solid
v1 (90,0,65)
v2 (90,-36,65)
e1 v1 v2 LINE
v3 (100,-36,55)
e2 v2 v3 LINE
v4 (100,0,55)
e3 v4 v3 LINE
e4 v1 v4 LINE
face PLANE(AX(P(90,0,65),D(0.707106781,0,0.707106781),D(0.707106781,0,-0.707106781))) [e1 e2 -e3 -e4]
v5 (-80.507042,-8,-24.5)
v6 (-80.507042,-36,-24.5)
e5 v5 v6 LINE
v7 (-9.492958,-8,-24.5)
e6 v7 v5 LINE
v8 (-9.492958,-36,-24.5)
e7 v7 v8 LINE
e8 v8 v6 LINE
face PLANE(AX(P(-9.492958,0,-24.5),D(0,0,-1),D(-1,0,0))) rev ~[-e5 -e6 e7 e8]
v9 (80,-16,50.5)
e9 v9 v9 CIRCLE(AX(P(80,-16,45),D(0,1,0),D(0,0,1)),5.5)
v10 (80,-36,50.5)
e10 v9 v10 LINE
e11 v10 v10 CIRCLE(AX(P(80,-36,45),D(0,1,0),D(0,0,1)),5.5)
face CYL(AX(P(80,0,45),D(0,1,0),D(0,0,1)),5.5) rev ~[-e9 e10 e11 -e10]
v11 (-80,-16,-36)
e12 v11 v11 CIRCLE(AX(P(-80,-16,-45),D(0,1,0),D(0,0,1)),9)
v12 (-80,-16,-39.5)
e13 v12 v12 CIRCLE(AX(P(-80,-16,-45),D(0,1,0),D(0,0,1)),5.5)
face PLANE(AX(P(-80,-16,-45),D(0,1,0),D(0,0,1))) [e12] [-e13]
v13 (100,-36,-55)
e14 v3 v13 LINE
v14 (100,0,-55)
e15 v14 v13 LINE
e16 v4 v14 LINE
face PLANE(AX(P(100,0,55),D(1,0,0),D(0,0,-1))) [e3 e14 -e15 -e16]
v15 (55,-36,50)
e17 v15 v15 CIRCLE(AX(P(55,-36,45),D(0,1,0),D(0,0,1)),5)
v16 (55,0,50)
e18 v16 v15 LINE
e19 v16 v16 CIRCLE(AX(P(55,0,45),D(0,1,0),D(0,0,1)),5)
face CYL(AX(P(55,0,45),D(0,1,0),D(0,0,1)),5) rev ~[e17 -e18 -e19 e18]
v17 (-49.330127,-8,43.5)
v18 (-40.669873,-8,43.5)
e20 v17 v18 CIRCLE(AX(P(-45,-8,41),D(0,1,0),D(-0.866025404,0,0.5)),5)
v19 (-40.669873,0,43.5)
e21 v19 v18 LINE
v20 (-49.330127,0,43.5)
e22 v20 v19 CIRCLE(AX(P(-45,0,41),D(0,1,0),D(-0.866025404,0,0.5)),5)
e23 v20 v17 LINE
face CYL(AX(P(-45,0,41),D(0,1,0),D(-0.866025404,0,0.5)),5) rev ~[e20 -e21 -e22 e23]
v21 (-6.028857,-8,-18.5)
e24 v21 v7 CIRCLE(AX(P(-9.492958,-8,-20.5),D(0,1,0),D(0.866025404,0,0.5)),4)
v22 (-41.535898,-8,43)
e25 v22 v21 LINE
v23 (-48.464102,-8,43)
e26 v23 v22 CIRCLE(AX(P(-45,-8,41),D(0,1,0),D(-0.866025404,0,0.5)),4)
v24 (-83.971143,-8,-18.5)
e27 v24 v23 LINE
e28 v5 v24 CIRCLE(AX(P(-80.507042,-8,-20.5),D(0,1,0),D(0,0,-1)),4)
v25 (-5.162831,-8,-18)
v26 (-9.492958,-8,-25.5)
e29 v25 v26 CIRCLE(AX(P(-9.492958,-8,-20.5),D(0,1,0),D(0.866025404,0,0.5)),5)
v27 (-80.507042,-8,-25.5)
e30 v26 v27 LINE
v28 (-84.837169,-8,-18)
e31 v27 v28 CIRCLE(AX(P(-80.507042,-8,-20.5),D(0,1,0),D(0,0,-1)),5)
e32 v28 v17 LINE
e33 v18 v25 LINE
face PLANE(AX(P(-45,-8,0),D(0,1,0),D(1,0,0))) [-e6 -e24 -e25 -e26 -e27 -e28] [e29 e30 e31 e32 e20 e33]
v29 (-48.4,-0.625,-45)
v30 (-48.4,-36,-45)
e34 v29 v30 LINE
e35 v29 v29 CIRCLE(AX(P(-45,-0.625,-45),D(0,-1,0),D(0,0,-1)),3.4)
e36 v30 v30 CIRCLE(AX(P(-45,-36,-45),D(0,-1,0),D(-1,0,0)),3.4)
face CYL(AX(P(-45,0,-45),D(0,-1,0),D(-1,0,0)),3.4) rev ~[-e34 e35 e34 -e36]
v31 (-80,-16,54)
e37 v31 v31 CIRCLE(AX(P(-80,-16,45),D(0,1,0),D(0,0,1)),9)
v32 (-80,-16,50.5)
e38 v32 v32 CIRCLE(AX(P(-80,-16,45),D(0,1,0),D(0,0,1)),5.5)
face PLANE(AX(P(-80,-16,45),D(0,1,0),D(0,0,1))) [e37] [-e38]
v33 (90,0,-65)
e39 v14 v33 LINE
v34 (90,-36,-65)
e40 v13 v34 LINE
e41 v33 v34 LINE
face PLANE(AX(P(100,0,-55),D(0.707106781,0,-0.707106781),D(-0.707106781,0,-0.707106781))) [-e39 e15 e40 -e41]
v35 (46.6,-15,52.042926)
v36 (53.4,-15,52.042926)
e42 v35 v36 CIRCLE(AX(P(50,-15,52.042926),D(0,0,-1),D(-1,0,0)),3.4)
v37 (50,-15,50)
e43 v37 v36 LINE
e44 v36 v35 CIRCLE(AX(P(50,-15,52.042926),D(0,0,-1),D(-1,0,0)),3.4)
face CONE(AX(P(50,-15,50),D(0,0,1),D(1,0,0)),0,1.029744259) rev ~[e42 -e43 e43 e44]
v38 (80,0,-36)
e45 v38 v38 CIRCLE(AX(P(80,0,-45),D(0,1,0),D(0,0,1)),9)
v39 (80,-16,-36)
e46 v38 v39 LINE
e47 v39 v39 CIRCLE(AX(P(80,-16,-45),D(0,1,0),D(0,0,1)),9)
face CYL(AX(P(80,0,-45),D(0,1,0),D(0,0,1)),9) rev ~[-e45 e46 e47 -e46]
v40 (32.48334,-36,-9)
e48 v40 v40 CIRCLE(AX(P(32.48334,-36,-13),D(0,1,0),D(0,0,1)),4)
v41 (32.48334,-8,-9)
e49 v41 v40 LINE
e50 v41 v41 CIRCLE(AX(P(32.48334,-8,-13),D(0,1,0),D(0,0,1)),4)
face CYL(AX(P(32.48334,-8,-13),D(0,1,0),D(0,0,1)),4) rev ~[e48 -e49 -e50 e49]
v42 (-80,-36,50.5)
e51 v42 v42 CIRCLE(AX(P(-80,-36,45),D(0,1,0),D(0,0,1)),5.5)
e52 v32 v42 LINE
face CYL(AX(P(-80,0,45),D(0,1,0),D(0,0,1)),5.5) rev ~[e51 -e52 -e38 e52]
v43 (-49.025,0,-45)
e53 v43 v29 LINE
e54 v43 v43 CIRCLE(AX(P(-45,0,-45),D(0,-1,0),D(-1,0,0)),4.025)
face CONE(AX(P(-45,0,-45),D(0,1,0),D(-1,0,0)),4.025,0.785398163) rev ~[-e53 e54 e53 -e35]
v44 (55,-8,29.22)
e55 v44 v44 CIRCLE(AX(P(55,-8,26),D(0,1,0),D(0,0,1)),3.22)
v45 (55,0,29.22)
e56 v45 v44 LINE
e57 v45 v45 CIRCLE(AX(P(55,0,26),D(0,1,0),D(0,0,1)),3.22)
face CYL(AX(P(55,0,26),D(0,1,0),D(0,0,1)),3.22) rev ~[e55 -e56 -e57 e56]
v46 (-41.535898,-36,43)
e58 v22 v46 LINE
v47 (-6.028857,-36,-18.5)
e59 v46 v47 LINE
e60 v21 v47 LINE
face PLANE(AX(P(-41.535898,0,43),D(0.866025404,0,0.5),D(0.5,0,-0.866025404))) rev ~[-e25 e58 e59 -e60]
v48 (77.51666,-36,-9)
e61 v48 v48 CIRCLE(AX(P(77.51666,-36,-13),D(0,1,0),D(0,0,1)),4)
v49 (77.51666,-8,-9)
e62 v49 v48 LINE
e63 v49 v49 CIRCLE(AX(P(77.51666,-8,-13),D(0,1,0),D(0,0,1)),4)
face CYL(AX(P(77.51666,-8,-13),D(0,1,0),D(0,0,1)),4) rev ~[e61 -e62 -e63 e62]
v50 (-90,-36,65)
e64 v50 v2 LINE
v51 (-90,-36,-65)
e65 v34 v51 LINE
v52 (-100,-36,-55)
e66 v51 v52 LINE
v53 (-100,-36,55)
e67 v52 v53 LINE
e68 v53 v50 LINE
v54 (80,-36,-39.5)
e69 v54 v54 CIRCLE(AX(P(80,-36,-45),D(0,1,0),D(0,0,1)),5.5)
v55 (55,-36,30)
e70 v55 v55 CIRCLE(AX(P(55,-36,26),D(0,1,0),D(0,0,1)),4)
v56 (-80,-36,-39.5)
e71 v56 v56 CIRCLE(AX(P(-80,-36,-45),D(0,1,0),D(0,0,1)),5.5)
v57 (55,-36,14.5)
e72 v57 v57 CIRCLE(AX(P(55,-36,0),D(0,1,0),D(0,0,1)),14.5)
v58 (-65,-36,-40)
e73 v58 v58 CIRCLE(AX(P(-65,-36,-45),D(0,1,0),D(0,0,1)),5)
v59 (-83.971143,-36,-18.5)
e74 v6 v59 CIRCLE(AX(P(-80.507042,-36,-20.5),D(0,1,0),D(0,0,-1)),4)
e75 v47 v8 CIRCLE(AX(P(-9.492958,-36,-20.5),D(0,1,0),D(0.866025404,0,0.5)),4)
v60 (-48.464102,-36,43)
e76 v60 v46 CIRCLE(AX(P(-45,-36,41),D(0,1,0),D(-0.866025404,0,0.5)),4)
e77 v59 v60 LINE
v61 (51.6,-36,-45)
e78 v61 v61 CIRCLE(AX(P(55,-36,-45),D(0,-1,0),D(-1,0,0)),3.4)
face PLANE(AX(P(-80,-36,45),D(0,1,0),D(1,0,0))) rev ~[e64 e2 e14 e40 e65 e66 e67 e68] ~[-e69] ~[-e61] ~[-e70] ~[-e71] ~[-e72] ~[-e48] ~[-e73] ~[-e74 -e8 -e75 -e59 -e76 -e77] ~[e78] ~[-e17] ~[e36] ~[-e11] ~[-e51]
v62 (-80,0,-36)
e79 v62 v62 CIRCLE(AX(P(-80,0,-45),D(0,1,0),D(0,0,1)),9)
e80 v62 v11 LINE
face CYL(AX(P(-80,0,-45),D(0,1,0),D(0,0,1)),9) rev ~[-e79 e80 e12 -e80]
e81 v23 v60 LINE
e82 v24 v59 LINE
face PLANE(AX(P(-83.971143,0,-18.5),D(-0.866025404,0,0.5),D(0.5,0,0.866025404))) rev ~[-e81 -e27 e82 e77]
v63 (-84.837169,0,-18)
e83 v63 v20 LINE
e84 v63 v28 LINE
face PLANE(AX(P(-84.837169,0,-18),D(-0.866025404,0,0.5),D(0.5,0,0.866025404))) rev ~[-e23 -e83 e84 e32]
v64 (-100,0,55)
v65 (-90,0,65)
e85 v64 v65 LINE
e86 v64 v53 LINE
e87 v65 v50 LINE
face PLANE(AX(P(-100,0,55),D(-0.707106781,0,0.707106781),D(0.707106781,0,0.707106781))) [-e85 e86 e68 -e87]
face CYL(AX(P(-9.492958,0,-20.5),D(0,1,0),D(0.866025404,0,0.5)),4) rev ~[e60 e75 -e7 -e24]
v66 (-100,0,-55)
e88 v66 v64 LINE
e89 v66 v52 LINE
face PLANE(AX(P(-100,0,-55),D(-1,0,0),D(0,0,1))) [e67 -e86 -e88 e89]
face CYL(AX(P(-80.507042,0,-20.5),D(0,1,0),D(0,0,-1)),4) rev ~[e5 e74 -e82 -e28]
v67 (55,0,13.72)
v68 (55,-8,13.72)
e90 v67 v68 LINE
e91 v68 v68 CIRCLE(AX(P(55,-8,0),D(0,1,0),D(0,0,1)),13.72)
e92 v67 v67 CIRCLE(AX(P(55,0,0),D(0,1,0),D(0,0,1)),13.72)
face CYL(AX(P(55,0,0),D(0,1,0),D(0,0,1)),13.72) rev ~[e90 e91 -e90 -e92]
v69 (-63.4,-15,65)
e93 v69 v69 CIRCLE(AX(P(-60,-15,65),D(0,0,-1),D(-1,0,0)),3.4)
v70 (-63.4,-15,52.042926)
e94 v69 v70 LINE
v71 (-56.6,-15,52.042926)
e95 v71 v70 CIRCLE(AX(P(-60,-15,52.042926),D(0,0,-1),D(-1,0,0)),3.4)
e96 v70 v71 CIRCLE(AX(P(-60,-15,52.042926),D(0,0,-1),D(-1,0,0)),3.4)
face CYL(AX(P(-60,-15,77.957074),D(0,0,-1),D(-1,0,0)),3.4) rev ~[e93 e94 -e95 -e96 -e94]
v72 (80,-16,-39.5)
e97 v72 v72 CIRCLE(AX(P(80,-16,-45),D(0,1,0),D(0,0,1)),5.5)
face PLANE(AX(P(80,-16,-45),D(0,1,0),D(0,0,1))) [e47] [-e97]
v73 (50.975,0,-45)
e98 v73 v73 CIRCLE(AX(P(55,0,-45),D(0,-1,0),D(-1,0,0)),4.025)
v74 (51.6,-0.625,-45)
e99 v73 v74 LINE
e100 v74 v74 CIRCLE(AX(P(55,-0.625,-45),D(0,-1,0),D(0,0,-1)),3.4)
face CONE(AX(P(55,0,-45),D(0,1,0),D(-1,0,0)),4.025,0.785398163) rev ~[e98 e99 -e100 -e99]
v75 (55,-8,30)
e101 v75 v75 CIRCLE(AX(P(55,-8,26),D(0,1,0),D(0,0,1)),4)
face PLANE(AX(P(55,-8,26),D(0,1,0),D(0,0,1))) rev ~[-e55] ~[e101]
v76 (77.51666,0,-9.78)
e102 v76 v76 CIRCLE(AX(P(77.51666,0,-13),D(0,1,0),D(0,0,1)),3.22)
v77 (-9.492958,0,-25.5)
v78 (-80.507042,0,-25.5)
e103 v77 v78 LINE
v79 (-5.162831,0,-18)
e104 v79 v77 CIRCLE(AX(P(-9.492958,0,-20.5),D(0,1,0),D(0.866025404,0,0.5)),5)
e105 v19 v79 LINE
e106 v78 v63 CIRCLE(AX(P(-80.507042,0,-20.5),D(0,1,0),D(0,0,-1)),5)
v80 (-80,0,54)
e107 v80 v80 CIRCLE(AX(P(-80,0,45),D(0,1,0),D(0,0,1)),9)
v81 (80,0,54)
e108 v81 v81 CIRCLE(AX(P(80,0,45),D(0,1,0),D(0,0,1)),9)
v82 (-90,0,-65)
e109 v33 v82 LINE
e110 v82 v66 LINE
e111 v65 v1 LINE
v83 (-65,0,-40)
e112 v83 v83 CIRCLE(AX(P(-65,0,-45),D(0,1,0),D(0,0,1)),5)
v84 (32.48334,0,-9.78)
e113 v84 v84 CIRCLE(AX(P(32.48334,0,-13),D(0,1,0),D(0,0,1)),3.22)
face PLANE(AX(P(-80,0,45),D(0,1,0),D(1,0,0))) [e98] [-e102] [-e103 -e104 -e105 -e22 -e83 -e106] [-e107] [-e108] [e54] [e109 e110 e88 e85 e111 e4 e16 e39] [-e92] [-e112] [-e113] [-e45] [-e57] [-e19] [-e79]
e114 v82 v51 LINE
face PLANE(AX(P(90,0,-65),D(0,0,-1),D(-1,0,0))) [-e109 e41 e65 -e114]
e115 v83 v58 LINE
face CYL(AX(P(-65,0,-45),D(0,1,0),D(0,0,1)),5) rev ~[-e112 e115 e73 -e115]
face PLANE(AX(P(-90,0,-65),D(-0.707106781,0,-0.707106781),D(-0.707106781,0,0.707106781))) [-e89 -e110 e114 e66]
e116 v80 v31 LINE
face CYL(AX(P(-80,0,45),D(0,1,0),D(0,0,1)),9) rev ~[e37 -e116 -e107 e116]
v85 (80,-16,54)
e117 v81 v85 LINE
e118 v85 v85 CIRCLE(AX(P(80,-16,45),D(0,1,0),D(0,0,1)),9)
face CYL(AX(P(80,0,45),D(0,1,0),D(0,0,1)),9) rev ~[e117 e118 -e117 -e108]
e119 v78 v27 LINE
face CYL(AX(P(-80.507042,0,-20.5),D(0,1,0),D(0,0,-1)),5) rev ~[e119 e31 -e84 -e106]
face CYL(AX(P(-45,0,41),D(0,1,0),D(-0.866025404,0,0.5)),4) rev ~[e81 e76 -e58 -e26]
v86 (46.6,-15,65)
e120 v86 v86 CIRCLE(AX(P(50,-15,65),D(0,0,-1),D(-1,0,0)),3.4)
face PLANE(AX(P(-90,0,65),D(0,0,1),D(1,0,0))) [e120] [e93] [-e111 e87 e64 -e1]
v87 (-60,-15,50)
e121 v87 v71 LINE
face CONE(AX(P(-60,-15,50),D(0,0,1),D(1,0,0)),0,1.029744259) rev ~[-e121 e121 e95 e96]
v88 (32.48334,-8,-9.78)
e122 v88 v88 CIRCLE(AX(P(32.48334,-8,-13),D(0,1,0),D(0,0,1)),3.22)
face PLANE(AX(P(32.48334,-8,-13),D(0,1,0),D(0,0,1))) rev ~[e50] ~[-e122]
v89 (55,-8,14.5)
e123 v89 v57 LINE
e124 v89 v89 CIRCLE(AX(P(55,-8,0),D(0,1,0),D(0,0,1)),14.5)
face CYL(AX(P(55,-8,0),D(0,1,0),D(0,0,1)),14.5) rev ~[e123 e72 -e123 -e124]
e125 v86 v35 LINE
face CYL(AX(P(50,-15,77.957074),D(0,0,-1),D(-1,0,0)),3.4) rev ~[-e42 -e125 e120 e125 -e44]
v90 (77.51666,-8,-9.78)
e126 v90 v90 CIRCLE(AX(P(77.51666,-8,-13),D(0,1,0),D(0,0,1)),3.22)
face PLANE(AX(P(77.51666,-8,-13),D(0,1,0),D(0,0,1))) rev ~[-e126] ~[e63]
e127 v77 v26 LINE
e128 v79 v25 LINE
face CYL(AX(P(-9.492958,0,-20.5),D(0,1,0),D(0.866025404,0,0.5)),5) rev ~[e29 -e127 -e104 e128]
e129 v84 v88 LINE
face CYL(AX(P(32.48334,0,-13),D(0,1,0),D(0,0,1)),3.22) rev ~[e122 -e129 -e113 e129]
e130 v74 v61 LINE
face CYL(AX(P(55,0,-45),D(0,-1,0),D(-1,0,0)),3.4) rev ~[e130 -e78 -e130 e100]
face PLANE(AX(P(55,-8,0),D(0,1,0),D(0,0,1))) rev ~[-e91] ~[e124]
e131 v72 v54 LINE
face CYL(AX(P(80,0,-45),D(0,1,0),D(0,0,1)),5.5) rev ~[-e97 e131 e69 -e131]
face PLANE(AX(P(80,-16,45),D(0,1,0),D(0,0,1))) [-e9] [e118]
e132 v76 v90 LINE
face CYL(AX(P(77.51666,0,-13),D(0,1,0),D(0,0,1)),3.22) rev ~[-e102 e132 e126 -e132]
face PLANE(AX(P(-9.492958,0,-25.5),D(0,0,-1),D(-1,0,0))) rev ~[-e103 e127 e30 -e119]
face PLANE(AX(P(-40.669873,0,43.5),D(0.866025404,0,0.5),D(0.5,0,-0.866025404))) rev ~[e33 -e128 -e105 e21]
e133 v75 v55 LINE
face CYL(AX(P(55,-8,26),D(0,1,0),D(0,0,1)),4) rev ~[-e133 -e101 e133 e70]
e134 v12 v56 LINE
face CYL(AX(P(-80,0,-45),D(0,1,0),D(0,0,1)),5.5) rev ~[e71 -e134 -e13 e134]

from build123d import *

# Parameters (mm, degrees)
SKETCH1_R                   = 5
SKETCH1_R_2                 = 5.5
SKETCH1_R_3                 = 3.22
SKETCH1_R_4                 = 13.72
BOSS_EXTRUDE1_DEPTH         = 36
M8_TAPPED_HOLE2_D           = 6.8
M8_TAPPED_HOLE2_CSINK_D     = 8.05
M8_TAPPED_HOLE2_CSINK_ANGLE = 90
CUT_EXTRUDE1_DEPTH          = 8
SKETCH1_4_R                 = 9
SKETCH1_4_R_2               = 5.5
CUT_EXTRUDE2_DEPTH          = 16
CUT_EXTRUDE3_START          = -8
SKETCH1_5_R                 = 14.5
SKETCH1_5_R_2               = 4
SKETCH1_5_R_3               = 3.22
CUT_EXTRUDE3_DEPTH          = 117.583305463
M8_TAPPED_HOLE1_D           = 6.8
M8_TAPPED_HOLE1_DEPTH       = 12.957073895
M8_TAPPED_HOLE1_TIP         = 2.042926105


with BuildPart() as part:
    # Sketch1 → Boss-Extrude1 (new body)
    with BuildSketch(Plane(origin=(0, 0, 0), x_dir=(1, 0, 0), z_dir=(0, 1, 0))):
        Polygon((90, -65), (100, -55), (100, 55), (90, 65), (-90, 65), (-100, 55), (-100, -55), (-90, -65), align=None)
        with Locations((55, -45)):
            Circle(SKETCH1_R, mode=Mode.SUBTRACT)
        with Locations((-65, 45)):
            Circle(SKETCH1_R, mode=Mode.SUBTRACT)
        with Locations((-80, -45)):
            Circle(SKETCH1_R_2, mode=Mode.SUBTRACT)
        with BuildLine():
            Line((-80.507041555, 24.5), (-9.492958445, 24.5))
            ThreePointArc((-9.492958445, 24.5), (-6.02885683, 22.5), (-6.02885683, 18.5))
            Line((-6.02885683, 18.5), (-41.535898385, -43))
            ThreePointArc((-41.535898385, -43), (-45, -45), (-48.464101615, -43))
            Line((-48.464101615, -43), (-83.97114317, 18.5))
            ThreePointArc((-83.97114317, 18.5), (-83.97114317, 22.5), (-80.507041555, 24.5))
        make_face(mode=Mode.SUBTRACT)
        with Locations((80, -45)):
            Circle(SKETCH1_R_2, mode=Mode.SUBTRACT)
        with Locations((55, -26)):
            Circle(SKETCH1_R_3, mode=Mode.SUBTRACT)
        with Locations((-80, 45)):
            Circle(SKETCH1_R_2, mode=Mode.SUBTRACT)
        with Locations((32.483339502, 13)):
            Circle(SKETCH1_R_3, mode=Mode.SUBTRACT)
        with Locations((55, 0)):
            Circle(SKETCH1_R_4, mode=Mode.SUBTRACT)
        with Locations((77.516660498, 13)):
            Circle(SKETCH1_R_3, mode=Mode.SUBTRACT)
        with Locations((80, 45)):
            Circle(SKETCH1_R_2, mode=Mode.SUBTRACT)
    extrude(amount=-BOSS_EXTRUDE1_DEPTH)

    # M8 Tapped Hole2 (through all)
    with Locations(Plane(origin=(0, 0, 0), x_dir=(1, 0, 0), z_dir=(0, 1, 0))):
        with Locations((-45, 45), (55, 45)):
            CounterSinkHole(M8_TAPPED_HOLE2_D / 2, M8_TAPPED_HOLE2_CSINK_D / 2, counter_sink_angle=M8_TAPPED_HOLE2_CSINK_ANGLE)

    # Sketch1<3> → Cut-Extrude1 (cut)
    with BuildSketch(Plane(origin=(0, 0, 0), x_dir=(1, 0, 0), z_dir=(0, 1, 0))):
        with BuildLine():
            ThreePointArc((-49.330127019, -43.5), (-45, -46), (-40.669872981, -43.5))
            Line((-40.669872981, -43.5), (-5.162831426, 18))
            ThreePointArc((-5.162831426, 18), (-5.162831426, 23), (-9.492958445, 25.5))
            Line((-9.492958445, 25.5), (-80.507041555, 25.5))
            ThreePointArc((-80.507041555, 25.5), (-84.837168574, 23), (-84.837168574, 18))
            Line((-84.837168574, 18), (-49.330127019, -43.5))
        make_face()
        with BuildLine():
            Line((-80.507041555, 24.5), (-9.492958445, 24.5))
            ThreePointArc((-9.492958445, 24.5), (-6.02885683, 22.5), (-6.02885683, 18.5))
            Line((-6.02885683, 18.5), (-41.535898385, -43))
            ThreePointArc((-41.535898385, -43), (-45, -45), (-48.464101615, -43))
            Line((-48.464101615, -43), (-83.97114317, 18.5))
            ThreePointArc((-83.97114317, 18.5), (-83.97114317, 22.5), (-80.507041555, 24.5))
        make_face(mode=Mode.SUBTRACT)
    extrude(amount=-CUT_EXTRUDE1_DEPTH, mode=Mode.SUBTRACT)

    # Sketch1<4> → Cut-Extrude2 (cut)
    # profile 1 of 4: a face of its own
    with BuildSketch(Plane(origin=(0, 0, 0), x_dir=(1, 0, 0), z_dir=(0, 1, 0))):
        with Locations((-80, 45)):
            Circle(SKETCH1_4_R)
        with Locations((-80, 45)):
            Circle(SKETCH1_4_R_2, mode=Mode.SUBTRACT)
    # profile 2 of 4: a face of its own
    with BuildSketch(Plane(origin=(0, 0, 0), x_dir=(1, 0, 0), z_dir=(0, 1, 0))):
        with Locations((80, 45)):
            Circle(SKETCH1_4_R)
        with Locations((80, 45)):
            Circle(SKETCH1_4_R_2, mode=Mode.SUBTRACT)
    # profile 3 of 4: a face of its own
    with BuildSketch(Plane(origin=(0, 0, 0), x_dir=(1, 0, 0), z_dir=(0, 1, 0))):
        with Locations((80, -45)):
            Circle(SKETCH1_4_R)
        with Locations((80, -45)):
            Circle(SKETCH1_4_R_2, mode=Mode.SUBTRACT)
    # profile 4 of 4: a face of its own
    with BuildSketch(Plane(origin=(0, 0, 0), x_dir=(1, 0, 0), z_dir=(0, 1, 0))):
        with Locations((-80, -45)):
            Circle(SKETCH1_4_R)
        with Locations((-80, -45)):
            Circle(SKETCH1_4_R_2, mode=Mode.SUBTRACT)
    extrude(amount=-CUT_EXTRUDE2_DEPTH, mode=Mode.SUBTRACT)

    # Sketch1<5> → Cut-Extrude3 (cut, through all)
    # profile 1 of 4: a face of its own
    with BuildSketch(Plane(origin=(0, 0, 0), x_dir=(1, 0, 0), z_dir=(0, 1, 0)).offset(CUT_EXTRUDE3_START)):
        with Locations((55, 0)):
            Circle(SKETCH1_5_R)
    # profile 2 of 4: a face of its own
    with BuildSketch(Plane(origin=(0, 0, 0), x_dir=(1, 0, 0), z_dir=(0, 1, 0)).offset(CUT_EXTRUDE3_START)):
        with Locations((77.516660498, 13)):
            Circle(SKETCH1_5_R_2)
        with Locations((77.516660498, 13)):
            Circle(SKETCH1_5_R_3, mode=Mode.SUBTRACT)
    # profile 3 of 4: a face of its own
    with BuildSketch(Plane(origin=(0, 0, 0), x_dir=(1, 0, 0), z_dir=(0, 1, 0)).offset(CUT_EXTRUDE3_START)):
        with Locations((55, -26)):
            Circle(SKETCH1_5_R_2)
        with Locations((55, -26)):
            Circle(SKETCH1_5_R_3, mode=Mode.SUBTRACT)
    # profile 4 of 4: a face of its own
    with BuildSketch(Plane(origin=(0, 0, 0), x_dir=(1, 0, 0), z_dir=(0, 1, 0)).offset(CUT_EXTRUDE3_START)):
        with Locations((32.483339502, 13)):
            Circle(SKETCH1_5_R_2)
        with Locations((32.483339502, 13)):
            Circle(SKETCH1_5_R_3, mode=Mode.SUBTRACT)
    extrude(amount=-CUT_EXTRUDE3_DEPTH, mode=Mode.SUBTRACT)

    # M8 Tapped Hole1
    with Locations(Plane.XY.offset(65)):
        with Locations((-60, -15), (50, -15)):
            Hole(M8_TAPPED_HOLE1_D / 2, depth=M8_TAPPED_HOLE1_DEPTH)
            with Locations((0, 0, -(M8_TAPPED_HOLE1_DEPTH + M8_TAPPED_HOLE1_TIP / 2))):  # 118° drill point
                Cone(0, M8_TAPPED_HOLE1_D / 2, M8_TAPPED_HOLE1_TIP, mode=Mode.SUBTRACT)


solid = part.part
